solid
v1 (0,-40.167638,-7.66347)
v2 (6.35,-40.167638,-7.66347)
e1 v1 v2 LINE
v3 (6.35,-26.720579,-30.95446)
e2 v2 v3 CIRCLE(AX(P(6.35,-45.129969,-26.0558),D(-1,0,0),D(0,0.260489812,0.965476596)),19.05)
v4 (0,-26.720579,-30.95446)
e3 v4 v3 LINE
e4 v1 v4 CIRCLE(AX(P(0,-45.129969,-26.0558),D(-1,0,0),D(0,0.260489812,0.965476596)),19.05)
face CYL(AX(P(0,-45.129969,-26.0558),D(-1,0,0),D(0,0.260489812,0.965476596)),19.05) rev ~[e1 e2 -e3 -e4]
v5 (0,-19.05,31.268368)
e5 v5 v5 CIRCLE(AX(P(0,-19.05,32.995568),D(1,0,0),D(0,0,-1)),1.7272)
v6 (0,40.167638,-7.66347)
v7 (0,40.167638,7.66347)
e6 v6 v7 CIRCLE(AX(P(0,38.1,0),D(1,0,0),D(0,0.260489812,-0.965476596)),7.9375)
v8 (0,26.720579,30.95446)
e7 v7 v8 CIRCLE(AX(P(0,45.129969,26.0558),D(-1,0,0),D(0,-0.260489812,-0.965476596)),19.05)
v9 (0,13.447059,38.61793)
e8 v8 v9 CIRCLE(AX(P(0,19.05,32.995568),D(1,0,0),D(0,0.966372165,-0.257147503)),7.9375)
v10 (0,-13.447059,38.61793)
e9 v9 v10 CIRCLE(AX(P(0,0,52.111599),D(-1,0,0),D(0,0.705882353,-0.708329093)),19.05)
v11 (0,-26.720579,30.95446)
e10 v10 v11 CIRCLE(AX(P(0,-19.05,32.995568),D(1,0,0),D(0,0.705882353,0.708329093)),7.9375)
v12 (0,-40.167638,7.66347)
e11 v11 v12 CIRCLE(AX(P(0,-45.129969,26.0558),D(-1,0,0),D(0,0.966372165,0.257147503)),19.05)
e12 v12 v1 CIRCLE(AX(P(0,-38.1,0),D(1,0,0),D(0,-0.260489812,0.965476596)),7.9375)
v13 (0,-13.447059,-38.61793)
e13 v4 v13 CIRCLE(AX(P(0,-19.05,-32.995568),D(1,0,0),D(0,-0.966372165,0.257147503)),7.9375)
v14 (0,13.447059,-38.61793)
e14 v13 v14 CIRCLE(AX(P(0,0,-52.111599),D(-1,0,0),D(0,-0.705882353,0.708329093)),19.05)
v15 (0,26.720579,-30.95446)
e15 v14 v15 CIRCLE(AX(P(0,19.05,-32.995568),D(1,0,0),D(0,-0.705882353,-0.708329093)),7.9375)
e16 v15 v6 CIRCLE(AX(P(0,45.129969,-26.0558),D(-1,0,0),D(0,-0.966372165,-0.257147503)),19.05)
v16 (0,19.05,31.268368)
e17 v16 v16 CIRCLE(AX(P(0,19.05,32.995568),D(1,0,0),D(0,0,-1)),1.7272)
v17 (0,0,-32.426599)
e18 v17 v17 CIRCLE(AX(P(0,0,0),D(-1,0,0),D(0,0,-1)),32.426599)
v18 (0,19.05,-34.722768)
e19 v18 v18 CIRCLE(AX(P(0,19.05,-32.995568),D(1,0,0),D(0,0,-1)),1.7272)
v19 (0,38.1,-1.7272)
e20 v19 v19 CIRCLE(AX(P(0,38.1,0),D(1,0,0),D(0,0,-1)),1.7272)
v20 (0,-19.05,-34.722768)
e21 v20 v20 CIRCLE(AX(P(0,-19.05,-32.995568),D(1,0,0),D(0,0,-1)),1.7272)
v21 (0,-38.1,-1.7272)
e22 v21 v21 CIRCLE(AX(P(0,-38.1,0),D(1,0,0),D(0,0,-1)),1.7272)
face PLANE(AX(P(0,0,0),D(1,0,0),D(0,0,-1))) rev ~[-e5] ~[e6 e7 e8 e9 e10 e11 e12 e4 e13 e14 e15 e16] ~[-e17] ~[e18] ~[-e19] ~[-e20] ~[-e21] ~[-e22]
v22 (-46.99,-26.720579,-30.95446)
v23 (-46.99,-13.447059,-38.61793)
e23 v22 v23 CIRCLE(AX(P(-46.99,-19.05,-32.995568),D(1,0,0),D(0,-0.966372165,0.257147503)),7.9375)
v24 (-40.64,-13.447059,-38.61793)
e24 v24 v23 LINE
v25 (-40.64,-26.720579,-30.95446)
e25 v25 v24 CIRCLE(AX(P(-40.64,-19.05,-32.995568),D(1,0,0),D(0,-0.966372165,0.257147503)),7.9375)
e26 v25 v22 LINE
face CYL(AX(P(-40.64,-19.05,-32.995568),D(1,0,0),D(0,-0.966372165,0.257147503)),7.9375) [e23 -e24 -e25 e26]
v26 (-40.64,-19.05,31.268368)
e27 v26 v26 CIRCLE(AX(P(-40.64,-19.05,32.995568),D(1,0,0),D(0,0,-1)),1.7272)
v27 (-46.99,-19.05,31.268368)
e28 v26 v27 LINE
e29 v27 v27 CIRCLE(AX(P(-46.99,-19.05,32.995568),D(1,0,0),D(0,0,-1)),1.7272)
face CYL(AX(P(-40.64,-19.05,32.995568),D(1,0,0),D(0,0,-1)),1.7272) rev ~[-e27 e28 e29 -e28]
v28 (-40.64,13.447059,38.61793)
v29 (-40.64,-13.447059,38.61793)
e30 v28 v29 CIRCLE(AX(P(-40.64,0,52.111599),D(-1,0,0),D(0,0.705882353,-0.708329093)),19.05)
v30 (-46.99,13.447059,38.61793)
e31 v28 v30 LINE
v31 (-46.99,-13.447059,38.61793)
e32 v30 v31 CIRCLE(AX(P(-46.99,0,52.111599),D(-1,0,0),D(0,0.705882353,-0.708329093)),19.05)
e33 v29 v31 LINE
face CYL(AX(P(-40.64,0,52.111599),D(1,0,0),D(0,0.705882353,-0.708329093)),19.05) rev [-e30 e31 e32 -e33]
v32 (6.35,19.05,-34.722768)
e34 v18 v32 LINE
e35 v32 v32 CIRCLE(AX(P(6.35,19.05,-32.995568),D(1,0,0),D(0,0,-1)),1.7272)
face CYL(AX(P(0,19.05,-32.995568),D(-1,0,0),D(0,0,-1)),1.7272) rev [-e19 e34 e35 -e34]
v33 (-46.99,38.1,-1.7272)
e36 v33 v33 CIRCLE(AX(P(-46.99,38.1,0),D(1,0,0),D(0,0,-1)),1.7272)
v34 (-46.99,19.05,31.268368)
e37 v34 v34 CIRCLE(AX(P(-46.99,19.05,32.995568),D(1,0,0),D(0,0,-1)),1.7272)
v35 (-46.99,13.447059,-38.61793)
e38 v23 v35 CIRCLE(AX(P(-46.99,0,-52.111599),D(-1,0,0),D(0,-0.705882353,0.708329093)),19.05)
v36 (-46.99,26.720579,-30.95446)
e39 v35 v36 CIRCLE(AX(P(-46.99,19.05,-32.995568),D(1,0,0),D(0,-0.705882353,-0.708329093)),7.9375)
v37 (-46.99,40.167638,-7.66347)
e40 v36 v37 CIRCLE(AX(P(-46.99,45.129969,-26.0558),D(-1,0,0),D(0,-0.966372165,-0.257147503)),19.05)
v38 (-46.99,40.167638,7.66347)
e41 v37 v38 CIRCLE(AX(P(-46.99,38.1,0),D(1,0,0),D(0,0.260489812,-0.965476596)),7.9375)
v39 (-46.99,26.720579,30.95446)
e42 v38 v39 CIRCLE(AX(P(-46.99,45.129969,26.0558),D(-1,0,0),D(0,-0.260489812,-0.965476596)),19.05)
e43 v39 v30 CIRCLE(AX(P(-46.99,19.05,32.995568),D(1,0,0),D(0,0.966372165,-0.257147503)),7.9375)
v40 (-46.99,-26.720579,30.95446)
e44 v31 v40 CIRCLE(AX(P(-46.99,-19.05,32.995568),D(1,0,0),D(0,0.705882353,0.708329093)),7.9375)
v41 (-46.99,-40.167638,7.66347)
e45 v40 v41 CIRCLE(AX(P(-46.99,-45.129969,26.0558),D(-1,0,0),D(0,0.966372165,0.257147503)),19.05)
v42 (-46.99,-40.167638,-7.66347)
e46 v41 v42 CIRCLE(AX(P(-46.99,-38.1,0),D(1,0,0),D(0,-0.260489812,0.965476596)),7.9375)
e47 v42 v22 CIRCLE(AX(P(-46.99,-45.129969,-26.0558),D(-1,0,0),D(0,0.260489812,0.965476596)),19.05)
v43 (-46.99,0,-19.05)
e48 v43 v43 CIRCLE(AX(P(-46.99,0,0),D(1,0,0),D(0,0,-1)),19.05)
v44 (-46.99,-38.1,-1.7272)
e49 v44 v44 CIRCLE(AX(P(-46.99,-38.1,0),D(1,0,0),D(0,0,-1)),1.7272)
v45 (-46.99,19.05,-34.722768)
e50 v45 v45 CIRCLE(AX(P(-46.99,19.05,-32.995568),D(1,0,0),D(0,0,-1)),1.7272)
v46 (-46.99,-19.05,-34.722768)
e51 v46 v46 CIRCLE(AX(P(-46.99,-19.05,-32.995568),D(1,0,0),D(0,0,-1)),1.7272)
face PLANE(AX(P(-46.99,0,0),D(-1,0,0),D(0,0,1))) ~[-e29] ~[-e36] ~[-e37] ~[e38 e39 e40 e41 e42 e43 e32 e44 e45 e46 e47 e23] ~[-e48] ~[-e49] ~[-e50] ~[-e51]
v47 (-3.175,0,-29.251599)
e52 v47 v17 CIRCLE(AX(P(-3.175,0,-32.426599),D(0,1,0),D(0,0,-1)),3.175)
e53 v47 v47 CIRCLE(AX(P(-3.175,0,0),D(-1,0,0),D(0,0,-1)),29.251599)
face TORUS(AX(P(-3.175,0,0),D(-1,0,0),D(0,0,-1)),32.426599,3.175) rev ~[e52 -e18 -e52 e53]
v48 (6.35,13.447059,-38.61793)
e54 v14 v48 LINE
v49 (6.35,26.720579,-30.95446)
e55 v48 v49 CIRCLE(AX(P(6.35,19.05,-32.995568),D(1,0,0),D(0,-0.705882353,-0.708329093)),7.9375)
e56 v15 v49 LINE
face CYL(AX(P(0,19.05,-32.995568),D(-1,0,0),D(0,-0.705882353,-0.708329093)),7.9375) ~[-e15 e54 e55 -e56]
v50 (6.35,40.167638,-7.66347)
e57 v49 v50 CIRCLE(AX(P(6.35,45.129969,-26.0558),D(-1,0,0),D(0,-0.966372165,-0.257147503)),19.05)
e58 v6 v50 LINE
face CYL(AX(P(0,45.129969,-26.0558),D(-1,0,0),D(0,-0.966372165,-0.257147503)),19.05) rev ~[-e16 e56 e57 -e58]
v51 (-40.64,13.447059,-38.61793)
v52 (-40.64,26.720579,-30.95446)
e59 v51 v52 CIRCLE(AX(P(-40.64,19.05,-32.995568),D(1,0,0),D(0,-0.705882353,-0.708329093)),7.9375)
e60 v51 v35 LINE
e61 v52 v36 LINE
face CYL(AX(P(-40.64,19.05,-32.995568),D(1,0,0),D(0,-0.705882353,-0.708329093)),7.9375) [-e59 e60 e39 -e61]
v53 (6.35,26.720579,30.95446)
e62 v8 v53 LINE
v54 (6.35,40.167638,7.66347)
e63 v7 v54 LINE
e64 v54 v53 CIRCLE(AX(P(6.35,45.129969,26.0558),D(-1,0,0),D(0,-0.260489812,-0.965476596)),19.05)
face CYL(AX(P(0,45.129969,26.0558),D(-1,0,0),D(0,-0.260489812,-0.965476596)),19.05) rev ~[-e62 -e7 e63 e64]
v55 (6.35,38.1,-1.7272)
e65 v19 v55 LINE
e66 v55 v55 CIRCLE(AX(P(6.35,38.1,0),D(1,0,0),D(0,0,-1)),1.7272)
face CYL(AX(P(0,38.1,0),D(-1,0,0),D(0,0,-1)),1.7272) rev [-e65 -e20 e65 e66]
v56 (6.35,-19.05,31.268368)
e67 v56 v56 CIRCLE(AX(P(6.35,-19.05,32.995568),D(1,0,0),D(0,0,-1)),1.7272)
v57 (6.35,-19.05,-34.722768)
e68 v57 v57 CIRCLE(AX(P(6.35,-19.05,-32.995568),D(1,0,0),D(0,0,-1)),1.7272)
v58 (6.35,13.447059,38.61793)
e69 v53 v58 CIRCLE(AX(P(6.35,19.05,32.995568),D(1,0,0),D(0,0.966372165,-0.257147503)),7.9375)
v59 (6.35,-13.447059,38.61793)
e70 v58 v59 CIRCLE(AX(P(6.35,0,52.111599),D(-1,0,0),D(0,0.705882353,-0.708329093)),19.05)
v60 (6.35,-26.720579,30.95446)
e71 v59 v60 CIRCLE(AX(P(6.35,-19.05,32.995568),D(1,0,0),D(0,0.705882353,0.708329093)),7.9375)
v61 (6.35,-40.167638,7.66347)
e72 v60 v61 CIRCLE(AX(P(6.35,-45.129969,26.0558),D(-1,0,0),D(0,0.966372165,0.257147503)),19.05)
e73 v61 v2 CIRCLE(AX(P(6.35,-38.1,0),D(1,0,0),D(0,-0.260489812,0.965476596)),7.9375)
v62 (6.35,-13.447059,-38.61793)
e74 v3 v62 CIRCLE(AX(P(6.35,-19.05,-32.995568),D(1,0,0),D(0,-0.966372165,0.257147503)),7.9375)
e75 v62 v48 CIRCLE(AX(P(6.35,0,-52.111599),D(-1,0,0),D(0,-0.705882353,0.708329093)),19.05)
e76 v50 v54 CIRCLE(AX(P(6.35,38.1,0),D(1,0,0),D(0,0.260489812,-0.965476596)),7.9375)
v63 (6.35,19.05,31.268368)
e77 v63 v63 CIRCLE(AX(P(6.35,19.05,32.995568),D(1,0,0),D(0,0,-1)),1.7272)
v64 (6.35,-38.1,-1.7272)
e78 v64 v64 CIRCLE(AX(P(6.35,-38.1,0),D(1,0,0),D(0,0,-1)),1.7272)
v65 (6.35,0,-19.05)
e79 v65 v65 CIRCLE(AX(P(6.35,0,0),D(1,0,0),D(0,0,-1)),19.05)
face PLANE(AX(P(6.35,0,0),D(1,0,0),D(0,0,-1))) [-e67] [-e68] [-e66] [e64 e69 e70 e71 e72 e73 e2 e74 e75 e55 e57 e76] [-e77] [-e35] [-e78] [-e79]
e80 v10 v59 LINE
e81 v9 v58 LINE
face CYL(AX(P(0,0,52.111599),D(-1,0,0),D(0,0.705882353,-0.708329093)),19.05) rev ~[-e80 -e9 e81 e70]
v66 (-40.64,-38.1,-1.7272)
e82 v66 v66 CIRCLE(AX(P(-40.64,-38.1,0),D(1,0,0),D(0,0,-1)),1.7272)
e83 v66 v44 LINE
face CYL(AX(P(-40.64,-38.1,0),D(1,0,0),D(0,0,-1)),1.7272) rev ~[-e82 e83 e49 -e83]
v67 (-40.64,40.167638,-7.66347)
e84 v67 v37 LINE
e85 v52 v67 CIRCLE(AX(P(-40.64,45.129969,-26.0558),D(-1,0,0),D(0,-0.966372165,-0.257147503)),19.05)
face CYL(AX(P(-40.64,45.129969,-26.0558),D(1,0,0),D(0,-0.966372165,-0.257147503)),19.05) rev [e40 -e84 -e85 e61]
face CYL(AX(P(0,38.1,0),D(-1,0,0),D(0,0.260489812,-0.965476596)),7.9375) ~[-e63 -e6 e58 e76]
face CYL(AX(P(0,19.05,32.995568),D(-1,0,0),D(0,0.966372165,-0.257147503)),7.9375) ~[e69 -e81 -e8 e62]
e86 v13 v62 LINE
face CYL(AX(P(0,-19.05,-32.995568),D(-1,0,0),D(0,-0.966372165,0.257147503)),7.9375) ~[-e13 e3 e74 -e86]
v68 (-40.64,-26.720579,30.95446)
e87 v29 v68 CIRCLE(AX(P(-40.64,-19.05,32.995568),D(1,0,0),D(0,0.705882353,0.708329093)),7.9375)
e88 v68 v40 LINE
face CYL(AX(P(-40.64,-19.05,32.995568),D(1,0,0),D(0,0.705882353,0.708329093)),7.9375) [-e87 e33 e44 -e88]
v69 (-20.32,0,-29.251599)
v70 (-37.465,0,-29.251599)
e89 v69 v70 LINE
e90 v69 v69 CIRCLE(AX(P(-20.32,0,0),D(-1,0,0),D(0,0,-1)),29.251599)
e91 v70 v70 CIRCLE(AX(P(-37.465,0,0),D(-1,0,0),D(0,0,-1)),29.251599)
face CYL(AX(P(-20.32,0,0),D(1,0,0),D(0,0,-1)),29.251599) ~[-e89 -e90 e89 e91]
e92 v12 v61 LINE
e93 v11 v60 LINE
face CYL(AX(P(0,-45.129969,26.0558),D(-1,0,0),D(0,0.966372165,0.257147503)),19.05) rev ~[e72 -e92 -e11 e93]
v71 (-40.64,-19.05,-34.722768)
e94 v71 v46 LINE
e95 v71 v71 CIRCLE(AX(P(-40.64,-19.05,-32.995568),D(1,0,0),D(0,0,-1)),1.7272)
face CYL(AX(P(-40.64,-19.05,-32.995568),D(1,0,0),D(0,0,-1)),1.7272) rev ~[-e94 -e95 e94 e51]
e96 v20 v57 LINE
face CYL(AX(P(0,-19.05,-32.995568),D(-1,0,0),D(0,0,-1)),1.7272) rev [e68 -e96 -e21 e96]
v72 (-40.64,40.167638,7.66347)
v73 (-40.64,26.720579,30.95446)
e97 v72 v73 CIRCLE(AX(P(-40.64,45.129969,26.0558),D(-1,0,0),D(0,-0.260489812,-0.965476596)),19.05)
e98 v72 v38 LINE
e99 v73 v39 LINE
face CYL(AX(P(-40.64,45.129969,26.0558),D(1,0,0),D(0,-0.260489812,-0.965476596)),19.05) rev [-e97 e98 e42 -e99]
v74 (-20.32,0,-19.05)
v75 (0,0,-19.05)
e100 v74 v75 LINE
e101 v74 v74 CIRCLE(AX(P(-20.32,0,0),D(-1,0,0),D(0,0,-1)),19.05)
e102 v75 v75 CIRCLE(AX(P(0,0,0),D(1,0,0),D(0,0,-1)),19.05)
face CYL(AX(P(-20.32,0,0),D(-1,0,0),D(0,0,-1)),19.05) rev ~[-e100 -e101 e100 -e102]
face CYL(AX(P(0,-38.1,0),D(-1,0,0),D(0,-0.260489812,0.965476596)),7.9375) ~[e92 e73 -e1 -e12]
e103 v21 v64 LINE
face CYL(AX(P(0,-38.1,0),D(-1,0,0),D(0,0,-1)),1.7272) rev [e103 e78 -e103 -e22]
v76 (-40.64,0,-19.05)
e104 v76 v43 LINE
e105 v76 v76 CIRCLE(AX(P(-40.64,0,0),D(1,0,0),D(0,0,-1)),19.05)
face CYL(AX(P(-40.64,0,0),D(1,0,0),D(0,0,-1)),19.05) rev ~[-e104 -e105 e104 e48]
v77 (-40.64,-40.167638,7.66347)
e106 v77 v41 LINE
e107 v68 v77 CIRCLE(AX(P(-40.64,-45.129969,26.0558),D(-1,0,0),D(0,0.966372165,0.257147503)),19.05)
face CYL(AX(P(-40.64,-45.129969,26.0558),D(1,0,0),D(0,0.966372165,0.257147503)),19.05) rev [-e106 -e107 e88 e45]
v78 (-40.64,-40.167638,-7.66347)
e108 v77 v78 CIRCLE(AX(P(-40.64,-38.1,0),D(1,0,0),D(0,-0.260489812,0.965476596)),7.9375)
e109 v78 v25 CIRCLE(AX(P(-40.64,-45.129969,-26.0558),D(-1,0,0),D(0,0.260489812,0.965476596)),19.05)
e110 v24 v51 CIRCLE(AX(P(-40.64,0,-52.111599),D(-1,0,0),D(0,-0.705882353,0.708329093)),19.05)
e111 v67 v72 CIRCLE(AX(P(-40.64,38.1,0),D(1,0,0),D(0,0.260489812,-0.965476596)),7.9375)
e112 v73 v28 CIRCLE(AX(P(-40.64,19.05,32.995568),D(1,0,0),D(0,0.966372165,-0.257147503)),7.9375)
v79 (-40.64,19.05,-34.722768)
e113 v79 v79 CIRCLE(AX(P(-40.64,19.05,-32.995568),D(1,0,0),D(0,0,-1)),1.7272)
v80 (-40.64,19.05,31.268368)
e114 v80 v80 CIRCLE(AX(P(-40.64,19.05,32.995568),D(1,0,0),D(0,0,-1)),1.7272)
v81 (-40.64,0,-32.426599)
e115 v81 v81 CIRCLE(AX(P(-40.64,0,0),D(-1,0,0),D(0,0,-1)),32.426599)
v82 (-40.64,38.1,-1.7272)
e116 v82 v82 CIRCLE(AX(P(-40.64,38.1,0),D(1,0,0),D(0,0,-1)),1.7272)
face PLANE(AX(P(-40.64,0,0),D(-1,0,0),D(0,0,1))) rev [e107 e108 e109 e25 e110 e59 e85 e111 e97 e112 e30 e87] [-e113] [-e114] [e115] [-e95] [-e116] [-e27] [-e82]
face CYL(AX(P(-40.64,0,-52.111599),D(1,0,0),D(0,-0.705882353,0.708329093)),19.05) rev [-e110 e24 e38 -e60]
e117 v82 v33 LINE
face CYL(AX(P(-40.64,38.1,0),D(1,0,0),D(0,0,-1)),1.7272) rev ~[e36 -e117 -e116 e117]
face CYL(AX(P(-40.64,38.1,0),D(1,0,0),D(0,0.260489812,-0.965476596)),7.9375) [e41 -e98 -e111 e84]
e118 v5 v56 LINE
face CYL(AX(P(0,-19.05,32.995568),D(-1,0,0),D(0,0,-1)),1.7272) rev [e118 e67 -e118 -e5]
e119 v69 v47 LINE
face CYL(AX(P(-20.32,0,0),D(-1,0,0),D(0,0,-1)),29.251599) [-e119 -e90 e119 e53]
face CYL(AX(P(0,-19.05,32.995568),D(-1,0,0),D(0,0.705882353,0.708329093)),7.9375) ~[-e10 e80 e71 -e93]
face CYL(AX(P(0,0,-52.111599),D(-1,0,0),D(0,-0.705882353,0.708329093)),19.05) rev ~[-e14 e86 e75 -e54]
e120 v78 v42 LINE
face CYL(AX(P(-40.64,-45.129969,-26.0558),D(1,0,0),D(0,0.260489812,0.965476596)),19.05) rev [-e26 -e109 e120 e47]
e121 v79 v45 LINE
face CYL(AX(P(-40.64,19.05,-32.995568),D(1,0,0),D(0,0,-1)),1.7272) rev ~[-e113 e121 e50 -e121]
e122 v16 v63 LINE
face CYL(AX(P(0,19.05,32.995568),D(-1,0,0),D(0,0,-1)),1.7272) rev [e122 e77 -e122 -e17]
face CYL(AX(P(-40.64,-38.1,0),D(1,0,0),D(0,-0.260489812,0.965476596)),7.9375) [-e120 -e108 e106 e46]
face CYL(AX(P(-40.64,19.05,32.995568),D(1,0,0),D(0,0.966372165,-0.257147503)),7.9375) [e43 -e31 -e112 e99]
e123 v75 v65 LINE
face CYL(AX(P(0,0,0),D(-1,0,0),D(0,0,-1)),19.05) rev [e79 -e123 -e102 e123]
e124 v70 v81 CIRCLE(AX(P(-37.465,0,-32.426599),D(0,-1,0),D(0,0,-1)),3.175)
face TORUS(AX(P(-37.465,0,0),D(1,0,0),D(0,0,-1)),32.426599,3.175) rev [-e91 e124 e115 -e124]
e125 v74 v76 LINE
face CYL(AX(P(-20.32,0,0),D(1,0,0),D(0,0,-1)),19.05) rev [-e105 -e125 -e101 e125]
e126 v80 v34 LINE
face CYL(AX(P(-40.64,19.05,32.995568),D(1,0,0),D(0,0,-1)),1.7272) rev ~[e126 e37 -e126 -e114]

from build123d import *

# Parameters (mm, degrees)
SKETCH1_R           = 1.7272
SKETCH1_R_2         = 19.05
BOSS_EXTRUDE1_DEPTH = 6.35
BOSS_EXTRUDE2_START = 20.32
SKETCH3_R           = 29.251599278
SKETCH3_R_2         = 19.05
BOSS_EXTRUDE2_DEPTH = 20.32
FILLET1_R           = 3.175


with BuildPart() as part:
    # Sketch1 → Boss-Extrude1 (new body)
    with BuildSketch(Plane(origin=(0, 0, 0), x_dir=(0, 0, -1), z_dir=(1, 0, 0))):
        with BuildLine():
            ThreePointArc((30.954459577, 26.720579061), (16.530799639, 28.632184865), (7.663470482, 40.167637884))
            ThreePointArc((7.663470482, 40.167637884), (0, 46.0375), (-7.663470482, 40.167637884))
            ThreePointArc((-7.663470482, 40.167637884), (-16.530799639, 28.632184865), (-30.954459577, 26.720579061))
            ThreePointArc((-30.954459577, 26.720579061), (-39.869644527, 23.01875), (-38.617930059, 13.447058824))
            ThreePointArc((-38.617930059, 13.447058824), (-33.061599278, 0), (-38.617930059, -13.447058824))
            ThreePointArc((-38.617930059, -13.447058824), (-39.869644527, -23.01875), (-30.954459577, -26.720579061))
            ThreePointArc((-30.954459577, -26.720579061), (-16.530799639, -28.632184865), (-7.663470482, -40.167637884))
            ThreePointArc((-7.663470482, -40.167637884), (0, -46.0375), (7.663470482, -40.167637884))
            ThreePointArc((7.663470482, -40.167637884), (16.530799639, -28.632184865), (30.954459577, -26.720579061))
            ThreePointArc((30.954459577, -26.720579061), (39.869644527, -23.01875), (38.617930059, -13.447058824))
            ThreePointArc((38.617930059, -13.447058824), (33.061599278, 0), (38.617930059, 13.447058824))
            ThreePointArc((38.617930059, 13.447058824), (39.869644527, 23.01875), (30.954459577, 26.720579061))
        make_face()
        with Locations((-32.995567884, -19.05)):
            Circle(SKETCH1_R, mode=Mode.SUBTRACT)
        with Locations((0, -38.1)):
            Circle(SKETCH1_R, mode=Mode.SUBTRACT)
        with Locations((32.995567884, -19.05)):
            Circle(SKETCH1_R, mode=Mode.SUBTRACT)
        with Locations((-32.995567884, 19.05)):
            Circle(SKETCH1_R, mode=Mode.SUBTRACT)
        Circle(SKETCH1_R_2, mode=Mode.SUBTRACT)
        with Locations((32.995567884, 19.05)):
            Circle(SKETCH1_R, mode=Mode.SUBTRACT)
        with Locations((0, 38.1)):
            Circle(SKETCH1_R, mode=Mode.SUBTRACT)
    extrude(amount=BOSS_EXTRUDE1_DEPTH)

    # Sketch3 → Boss-Extrude2 (add)
    with BuildSketch(Plane.ZY.offset(BOSS_EXTRUDE2_START)):
        with Locations(Location((0, 0, 0), (0, 0, 180))):
            Circle(SKETCH3_R)
        with Locations(Location((0, 0, 0), (0, 0, 180))):
            Circle(SKETCH3_R_2, mode=Mode.SUBTRACT)
    extrude(amount=-BOSS_EXTRUDE2_DEPTH)

    # Fillet1
    fillet1_edges = [part.edges().sort_by_distance(p)[0] for p in [
        (0, 0, 29.251599278),
    ]]
    fillet(fillet1_edges, radius=FILLET1_R)

    # Mirror4: part across plane


with BuildPart() as part_1:
    add(part.part)
    add(part.part.mirror(Plane(origin=(-20.32, 0, 0), x_dir=(0, 0, 1), z_dir=(1, 0, 0))))


solid = part_1.part
